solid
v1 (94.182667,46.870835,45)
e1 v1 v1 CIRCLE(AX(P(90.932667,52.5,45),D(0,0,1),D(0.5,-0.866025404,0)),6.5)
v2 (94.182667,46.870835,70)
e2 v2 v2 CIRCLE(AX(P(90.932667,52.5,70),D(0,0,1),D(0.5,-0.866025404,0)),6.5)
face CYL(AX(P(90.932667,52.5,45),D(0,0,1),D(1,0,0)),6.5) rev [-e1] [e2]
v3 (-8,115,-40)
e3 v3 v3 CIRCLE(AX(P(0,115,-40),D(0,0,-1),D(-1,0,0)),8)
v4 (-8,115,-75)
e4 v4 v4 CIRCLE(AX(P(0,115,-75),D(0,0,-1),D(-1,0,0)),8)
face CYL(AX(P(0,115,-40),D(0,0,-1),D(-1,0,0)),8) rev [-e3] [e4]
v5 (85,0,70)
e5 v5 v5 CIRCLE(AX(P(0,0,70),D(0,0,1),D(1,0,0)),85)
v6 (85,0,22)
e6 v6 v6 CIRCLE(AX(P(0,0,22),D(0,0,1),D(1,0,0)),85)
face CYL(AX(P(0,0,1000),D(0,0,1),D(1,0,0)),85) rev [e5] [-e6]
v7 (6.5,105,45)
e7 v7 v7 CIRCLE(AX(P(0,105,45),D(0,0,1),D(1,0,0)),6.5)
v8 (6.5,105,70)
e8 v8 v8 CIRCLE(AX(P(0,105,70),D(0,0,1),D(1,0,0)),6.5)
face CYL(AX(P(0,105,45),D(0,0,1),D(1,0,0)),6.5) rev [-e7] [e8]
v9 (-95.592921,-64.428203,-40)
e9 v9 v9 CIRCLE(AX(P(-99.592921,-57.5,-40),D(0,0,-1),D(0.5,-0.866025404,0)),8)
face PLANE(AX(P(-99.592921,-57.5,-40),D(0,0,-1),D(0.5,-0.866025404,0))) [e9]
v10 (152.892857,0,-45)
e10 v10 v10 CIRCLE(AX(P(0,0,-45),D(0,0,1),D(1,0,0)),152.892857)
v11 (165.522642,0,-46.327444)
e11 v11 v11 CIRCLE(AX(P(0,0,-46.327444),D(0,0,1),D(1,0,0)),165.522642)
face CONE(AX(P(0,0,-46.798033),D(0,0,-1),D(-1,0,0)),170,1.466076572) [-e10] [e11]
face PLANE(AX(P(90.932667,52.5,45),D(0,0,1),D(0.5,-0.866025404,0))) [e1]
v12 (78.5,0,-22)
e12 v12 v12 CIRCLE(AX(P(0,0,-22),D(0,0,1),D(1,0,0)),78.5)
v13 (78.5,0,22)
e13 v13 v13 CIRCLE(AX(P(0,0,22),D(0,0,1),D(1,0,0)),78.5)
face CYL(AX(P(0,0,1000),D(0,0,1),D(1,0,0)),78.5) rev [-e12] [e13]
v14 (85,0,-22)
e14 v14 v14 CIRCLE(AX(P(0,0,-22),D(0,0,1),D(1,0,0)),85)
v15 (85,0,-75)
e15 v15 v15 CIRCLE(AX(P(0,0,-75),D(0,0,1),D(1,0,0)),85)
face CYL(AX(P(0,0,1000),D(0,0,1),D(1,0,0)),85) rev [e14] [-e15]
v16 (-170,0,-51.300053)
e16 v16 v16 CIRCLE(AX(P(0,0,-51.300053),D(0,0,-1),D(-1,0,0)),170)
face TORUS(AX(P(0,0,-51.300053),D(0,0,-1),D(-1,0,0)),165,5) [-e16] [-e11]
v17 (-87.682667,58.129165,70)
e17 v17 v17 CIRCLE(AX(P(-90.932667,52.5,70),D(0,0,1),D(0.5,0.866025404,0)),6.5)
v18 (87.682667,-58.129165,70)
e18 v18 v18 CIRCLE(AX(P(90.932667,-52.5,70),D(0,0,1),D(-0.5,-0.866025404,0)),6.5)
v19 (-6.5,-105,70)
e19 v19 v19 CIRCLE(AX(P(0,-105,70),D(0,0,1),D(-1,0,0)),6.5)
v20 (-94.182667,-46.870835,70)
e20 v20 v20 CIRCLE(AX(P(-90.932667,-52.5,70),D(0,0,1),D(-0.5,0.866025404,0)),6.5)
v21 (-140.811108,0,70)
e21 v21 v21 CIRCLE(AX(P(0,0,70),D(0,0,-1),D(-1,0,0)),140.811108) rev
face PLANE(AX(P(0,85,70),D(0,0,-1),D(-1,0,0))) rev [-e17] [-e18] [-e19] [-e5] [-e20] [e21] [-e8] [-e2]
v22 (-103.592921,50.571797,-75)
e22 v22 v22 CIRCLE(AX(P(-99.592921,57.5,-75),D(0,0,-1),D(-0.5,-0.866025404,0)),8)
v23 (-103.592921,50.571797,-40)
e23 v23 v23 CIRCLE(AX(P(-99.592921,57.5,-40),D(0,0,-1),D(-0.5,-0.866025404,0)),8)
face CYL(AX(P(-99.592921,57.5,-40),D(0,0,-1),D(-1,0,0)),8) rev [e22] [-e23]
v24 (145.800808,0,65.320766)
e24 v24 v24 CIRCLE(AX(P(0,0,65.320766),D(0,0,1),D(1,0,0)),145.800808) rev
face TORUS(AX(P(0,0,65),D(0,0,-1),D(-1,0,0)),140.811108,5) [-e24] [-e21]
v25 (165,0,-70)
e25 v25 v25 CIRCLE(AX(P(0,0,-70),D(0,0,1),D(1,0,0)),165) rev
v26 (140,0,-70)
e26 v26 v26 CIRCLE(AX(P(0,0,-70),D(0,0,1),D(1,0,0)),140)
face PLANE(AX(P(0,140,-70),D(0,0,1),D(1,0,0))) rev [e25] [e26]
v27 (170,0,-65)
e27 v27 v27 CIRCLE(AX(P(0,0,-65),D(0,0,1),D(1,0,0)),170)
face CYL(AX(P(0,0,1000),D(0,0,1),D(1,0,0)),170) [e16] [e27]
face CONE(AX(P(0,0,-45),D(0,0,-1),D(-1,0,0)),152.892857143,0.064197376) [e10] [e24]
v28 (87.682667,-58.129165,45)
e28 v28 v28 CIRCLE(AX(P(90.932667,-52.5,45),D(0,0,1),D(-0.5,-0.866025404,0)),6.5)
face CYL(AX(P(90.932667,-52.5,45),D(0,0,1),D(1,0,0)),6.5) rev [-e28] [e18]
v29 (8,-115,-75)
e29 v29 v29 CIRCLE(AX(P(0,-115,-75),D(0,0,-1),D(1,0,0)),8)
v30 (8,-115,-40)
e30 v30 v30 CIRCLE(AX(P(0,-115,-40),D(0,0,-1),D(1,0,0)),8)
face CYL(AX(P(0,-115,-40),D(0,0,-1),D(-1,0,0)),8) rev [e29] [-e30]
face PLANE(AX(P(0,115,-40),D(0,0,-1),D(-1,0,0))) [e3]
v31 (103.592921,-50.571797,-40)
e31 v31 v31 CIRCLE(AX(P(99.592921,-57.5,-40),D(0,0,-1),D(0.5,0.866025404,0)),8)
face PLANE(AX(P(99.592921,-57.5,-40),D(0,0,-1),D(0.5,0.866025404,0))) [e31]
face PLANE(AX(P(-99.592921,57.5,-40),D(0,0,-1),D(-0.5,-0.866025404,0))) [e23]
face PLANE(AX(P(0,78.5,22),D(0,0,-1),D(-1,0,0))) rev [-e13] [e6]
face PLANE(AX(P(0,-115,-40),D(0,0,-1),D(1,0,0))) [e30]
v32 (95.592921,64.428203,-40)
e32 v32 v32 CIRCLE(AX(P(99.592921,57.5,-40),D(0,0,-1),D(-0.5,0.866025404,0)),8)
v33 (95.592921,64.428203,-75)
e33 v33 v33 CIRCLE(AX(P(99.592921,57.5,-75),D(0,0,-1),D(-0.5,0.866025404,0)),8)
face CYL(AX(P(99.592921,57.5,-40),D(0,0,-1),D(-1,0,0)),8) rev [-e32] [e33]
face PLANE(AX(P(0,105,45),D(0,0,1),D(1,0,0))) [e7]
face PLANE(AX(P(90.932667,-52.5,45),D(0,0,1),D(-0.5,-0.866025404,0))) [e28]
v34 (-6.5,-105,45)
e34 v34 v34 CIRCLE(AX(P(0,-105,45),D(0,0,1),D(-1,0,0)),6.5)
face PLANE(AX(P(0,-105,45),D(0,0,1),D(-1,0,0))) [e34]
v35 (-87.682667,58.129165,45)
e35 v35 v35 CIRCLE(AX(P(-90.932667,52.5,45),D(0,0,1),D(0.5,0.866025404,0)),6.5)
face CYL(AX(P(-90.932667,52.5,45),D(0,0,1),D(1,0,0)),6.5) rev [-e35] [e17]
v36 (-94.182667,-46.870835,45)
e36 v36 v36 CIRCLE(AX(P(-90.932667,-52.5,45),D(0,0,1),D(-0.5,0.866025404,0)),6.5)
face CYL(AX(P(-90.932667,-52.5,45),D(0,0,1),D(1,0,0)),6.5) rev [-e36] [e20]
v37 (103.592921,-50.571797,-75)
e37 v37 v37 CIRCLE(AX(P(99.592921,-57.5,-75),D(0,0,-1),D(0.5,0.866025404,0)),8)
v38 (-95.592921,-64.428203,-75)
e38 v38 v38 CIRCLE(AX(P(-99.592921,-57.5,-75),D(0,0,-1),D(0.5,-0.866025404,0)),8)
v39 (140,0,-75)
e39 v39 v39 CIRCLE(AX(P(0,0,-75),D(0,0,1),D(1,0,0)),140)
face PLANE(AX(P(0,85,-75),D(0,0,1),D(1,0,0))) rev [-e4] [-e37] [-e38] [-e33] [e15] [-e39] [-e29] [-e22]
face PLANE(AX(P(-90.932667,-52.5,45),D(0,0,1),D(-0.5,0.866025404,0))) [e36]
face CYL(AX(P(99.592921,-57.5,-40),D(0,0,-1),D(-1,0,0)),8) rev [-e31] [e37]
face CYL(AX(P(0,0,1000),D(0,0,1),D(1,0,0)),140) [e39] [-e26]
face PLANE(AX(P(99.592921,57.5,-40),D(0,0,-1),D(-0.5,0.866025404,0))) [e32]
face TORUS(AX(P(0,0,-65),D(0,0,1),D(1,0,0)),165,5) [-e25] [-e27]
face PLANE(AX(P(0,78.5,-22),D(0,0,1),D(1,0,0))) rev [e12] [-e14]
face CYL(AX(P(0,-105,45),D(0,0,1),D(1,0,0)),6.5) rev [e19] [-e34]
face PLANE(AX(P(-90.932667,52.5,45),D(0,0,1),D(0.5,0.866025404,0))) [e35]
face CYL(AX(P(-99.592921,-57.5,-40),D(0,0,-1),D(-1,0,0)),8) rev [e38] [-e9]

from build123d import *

# Parameters (mm, degrees)
FILLET_2_R               = 5
SKETCH_2_R               = 6.5
CUT_EXTRUDE_1_DEPTH      = 25
PATTERN_CIRCULAR_1_COUNT = 6
SKETCH_3_R               = 8
CUT_EXTRUDE_2_DEPTH      = 35
PATTERN_CIRCULAR_2_COUNT = 6


with BuildPart() as part:
    # 草图1 → 旋转1 (revolve)
    with BuildSketch(Plane(origin=(0, 0, 0), x_dir=(0, 0, -1), z_dir=(1, 0, 0)), mode=Mode.PRIVATE) as revolve_1_sk:
        Polygon((-22, 78.5), (22, 78.5), (22, 85), (75, 85), (75, 140), (70, 140), (70, 170), (46.798033168, 170), (45, 152.892857143), (-70, 145.5), (-70, 85), (-22, 85), align=None)
    revolve(revolve_1_sk.sketch.rotate(Axis((0, 0, 1000), (0, 0, -1)), 90), axis=Axis((0, 0, 1000), (0, 0, -1)))

    # 圆角2
    fillet_2_edges = [part.edges().sort_by_distance(p)[0] for p in [
        (-170, 0, -46.798033168),
        (-170, 0, -70),
        (-145.5, 0, 70),
    ]]
    fillet(fillet_2_edges, radius=FILLET_2_R)

    # 草图2 → 切除-拉伸1 (cut)
    with BuildSketch(Plane.XY.offset(70)):
        with Locations((0, 105)):
            Circle(SKETCH_2_R)
    cut_extrude_1 = extrude(amount=-CUT_EXTRUDE_1_DEPTH, mode=Mode.SUBTRACT)

    # 阵列(圆周)1: 切除-拉伸1 ×6 about axis
    pattern_circular_1_axis = Axis((0, 0, 0), (0, 0, 1))
    for i in range(1, PATTERN_CIRCULAR_1_COUNT):
        add(cut_extrude_1.rotate(pattern_circular_1_axis, i * 360 / PATTERN_CIRCULAR_1_COUNT), mode=Mode.SUBTRACT)

    # 草图3 → 切除-拉伸2 (cut)
    with BuildSketch(Plane(origin=(0, 0, -75), x_dir=(-1, 0, 0), z_dir=(0, 0, -1))):
        with Locations((0, 115)):
            Circle(SKETCH_3_R)
    cut_extrude_2 = extrude(amount=-CUT_EXTRUDE_2_DEPTH, mode=Mode.SUBTRACT)

    # 阵列(圆周)2: 切除-拉伸2 ×6 about axis
    pattern_circular_2_axis = Axis((0, 0, 0), (0, 0, 1))
    for i in range(1, PATTERN_CIRCULAR_2_COUNT):
        add(cut_extrude_2.rotate(pattern_circular_2_axis, i * 360 / PATTERN_CIRCULAR_2_COUNT), mode=Mode.SUBTRACT)


solid = part.part
